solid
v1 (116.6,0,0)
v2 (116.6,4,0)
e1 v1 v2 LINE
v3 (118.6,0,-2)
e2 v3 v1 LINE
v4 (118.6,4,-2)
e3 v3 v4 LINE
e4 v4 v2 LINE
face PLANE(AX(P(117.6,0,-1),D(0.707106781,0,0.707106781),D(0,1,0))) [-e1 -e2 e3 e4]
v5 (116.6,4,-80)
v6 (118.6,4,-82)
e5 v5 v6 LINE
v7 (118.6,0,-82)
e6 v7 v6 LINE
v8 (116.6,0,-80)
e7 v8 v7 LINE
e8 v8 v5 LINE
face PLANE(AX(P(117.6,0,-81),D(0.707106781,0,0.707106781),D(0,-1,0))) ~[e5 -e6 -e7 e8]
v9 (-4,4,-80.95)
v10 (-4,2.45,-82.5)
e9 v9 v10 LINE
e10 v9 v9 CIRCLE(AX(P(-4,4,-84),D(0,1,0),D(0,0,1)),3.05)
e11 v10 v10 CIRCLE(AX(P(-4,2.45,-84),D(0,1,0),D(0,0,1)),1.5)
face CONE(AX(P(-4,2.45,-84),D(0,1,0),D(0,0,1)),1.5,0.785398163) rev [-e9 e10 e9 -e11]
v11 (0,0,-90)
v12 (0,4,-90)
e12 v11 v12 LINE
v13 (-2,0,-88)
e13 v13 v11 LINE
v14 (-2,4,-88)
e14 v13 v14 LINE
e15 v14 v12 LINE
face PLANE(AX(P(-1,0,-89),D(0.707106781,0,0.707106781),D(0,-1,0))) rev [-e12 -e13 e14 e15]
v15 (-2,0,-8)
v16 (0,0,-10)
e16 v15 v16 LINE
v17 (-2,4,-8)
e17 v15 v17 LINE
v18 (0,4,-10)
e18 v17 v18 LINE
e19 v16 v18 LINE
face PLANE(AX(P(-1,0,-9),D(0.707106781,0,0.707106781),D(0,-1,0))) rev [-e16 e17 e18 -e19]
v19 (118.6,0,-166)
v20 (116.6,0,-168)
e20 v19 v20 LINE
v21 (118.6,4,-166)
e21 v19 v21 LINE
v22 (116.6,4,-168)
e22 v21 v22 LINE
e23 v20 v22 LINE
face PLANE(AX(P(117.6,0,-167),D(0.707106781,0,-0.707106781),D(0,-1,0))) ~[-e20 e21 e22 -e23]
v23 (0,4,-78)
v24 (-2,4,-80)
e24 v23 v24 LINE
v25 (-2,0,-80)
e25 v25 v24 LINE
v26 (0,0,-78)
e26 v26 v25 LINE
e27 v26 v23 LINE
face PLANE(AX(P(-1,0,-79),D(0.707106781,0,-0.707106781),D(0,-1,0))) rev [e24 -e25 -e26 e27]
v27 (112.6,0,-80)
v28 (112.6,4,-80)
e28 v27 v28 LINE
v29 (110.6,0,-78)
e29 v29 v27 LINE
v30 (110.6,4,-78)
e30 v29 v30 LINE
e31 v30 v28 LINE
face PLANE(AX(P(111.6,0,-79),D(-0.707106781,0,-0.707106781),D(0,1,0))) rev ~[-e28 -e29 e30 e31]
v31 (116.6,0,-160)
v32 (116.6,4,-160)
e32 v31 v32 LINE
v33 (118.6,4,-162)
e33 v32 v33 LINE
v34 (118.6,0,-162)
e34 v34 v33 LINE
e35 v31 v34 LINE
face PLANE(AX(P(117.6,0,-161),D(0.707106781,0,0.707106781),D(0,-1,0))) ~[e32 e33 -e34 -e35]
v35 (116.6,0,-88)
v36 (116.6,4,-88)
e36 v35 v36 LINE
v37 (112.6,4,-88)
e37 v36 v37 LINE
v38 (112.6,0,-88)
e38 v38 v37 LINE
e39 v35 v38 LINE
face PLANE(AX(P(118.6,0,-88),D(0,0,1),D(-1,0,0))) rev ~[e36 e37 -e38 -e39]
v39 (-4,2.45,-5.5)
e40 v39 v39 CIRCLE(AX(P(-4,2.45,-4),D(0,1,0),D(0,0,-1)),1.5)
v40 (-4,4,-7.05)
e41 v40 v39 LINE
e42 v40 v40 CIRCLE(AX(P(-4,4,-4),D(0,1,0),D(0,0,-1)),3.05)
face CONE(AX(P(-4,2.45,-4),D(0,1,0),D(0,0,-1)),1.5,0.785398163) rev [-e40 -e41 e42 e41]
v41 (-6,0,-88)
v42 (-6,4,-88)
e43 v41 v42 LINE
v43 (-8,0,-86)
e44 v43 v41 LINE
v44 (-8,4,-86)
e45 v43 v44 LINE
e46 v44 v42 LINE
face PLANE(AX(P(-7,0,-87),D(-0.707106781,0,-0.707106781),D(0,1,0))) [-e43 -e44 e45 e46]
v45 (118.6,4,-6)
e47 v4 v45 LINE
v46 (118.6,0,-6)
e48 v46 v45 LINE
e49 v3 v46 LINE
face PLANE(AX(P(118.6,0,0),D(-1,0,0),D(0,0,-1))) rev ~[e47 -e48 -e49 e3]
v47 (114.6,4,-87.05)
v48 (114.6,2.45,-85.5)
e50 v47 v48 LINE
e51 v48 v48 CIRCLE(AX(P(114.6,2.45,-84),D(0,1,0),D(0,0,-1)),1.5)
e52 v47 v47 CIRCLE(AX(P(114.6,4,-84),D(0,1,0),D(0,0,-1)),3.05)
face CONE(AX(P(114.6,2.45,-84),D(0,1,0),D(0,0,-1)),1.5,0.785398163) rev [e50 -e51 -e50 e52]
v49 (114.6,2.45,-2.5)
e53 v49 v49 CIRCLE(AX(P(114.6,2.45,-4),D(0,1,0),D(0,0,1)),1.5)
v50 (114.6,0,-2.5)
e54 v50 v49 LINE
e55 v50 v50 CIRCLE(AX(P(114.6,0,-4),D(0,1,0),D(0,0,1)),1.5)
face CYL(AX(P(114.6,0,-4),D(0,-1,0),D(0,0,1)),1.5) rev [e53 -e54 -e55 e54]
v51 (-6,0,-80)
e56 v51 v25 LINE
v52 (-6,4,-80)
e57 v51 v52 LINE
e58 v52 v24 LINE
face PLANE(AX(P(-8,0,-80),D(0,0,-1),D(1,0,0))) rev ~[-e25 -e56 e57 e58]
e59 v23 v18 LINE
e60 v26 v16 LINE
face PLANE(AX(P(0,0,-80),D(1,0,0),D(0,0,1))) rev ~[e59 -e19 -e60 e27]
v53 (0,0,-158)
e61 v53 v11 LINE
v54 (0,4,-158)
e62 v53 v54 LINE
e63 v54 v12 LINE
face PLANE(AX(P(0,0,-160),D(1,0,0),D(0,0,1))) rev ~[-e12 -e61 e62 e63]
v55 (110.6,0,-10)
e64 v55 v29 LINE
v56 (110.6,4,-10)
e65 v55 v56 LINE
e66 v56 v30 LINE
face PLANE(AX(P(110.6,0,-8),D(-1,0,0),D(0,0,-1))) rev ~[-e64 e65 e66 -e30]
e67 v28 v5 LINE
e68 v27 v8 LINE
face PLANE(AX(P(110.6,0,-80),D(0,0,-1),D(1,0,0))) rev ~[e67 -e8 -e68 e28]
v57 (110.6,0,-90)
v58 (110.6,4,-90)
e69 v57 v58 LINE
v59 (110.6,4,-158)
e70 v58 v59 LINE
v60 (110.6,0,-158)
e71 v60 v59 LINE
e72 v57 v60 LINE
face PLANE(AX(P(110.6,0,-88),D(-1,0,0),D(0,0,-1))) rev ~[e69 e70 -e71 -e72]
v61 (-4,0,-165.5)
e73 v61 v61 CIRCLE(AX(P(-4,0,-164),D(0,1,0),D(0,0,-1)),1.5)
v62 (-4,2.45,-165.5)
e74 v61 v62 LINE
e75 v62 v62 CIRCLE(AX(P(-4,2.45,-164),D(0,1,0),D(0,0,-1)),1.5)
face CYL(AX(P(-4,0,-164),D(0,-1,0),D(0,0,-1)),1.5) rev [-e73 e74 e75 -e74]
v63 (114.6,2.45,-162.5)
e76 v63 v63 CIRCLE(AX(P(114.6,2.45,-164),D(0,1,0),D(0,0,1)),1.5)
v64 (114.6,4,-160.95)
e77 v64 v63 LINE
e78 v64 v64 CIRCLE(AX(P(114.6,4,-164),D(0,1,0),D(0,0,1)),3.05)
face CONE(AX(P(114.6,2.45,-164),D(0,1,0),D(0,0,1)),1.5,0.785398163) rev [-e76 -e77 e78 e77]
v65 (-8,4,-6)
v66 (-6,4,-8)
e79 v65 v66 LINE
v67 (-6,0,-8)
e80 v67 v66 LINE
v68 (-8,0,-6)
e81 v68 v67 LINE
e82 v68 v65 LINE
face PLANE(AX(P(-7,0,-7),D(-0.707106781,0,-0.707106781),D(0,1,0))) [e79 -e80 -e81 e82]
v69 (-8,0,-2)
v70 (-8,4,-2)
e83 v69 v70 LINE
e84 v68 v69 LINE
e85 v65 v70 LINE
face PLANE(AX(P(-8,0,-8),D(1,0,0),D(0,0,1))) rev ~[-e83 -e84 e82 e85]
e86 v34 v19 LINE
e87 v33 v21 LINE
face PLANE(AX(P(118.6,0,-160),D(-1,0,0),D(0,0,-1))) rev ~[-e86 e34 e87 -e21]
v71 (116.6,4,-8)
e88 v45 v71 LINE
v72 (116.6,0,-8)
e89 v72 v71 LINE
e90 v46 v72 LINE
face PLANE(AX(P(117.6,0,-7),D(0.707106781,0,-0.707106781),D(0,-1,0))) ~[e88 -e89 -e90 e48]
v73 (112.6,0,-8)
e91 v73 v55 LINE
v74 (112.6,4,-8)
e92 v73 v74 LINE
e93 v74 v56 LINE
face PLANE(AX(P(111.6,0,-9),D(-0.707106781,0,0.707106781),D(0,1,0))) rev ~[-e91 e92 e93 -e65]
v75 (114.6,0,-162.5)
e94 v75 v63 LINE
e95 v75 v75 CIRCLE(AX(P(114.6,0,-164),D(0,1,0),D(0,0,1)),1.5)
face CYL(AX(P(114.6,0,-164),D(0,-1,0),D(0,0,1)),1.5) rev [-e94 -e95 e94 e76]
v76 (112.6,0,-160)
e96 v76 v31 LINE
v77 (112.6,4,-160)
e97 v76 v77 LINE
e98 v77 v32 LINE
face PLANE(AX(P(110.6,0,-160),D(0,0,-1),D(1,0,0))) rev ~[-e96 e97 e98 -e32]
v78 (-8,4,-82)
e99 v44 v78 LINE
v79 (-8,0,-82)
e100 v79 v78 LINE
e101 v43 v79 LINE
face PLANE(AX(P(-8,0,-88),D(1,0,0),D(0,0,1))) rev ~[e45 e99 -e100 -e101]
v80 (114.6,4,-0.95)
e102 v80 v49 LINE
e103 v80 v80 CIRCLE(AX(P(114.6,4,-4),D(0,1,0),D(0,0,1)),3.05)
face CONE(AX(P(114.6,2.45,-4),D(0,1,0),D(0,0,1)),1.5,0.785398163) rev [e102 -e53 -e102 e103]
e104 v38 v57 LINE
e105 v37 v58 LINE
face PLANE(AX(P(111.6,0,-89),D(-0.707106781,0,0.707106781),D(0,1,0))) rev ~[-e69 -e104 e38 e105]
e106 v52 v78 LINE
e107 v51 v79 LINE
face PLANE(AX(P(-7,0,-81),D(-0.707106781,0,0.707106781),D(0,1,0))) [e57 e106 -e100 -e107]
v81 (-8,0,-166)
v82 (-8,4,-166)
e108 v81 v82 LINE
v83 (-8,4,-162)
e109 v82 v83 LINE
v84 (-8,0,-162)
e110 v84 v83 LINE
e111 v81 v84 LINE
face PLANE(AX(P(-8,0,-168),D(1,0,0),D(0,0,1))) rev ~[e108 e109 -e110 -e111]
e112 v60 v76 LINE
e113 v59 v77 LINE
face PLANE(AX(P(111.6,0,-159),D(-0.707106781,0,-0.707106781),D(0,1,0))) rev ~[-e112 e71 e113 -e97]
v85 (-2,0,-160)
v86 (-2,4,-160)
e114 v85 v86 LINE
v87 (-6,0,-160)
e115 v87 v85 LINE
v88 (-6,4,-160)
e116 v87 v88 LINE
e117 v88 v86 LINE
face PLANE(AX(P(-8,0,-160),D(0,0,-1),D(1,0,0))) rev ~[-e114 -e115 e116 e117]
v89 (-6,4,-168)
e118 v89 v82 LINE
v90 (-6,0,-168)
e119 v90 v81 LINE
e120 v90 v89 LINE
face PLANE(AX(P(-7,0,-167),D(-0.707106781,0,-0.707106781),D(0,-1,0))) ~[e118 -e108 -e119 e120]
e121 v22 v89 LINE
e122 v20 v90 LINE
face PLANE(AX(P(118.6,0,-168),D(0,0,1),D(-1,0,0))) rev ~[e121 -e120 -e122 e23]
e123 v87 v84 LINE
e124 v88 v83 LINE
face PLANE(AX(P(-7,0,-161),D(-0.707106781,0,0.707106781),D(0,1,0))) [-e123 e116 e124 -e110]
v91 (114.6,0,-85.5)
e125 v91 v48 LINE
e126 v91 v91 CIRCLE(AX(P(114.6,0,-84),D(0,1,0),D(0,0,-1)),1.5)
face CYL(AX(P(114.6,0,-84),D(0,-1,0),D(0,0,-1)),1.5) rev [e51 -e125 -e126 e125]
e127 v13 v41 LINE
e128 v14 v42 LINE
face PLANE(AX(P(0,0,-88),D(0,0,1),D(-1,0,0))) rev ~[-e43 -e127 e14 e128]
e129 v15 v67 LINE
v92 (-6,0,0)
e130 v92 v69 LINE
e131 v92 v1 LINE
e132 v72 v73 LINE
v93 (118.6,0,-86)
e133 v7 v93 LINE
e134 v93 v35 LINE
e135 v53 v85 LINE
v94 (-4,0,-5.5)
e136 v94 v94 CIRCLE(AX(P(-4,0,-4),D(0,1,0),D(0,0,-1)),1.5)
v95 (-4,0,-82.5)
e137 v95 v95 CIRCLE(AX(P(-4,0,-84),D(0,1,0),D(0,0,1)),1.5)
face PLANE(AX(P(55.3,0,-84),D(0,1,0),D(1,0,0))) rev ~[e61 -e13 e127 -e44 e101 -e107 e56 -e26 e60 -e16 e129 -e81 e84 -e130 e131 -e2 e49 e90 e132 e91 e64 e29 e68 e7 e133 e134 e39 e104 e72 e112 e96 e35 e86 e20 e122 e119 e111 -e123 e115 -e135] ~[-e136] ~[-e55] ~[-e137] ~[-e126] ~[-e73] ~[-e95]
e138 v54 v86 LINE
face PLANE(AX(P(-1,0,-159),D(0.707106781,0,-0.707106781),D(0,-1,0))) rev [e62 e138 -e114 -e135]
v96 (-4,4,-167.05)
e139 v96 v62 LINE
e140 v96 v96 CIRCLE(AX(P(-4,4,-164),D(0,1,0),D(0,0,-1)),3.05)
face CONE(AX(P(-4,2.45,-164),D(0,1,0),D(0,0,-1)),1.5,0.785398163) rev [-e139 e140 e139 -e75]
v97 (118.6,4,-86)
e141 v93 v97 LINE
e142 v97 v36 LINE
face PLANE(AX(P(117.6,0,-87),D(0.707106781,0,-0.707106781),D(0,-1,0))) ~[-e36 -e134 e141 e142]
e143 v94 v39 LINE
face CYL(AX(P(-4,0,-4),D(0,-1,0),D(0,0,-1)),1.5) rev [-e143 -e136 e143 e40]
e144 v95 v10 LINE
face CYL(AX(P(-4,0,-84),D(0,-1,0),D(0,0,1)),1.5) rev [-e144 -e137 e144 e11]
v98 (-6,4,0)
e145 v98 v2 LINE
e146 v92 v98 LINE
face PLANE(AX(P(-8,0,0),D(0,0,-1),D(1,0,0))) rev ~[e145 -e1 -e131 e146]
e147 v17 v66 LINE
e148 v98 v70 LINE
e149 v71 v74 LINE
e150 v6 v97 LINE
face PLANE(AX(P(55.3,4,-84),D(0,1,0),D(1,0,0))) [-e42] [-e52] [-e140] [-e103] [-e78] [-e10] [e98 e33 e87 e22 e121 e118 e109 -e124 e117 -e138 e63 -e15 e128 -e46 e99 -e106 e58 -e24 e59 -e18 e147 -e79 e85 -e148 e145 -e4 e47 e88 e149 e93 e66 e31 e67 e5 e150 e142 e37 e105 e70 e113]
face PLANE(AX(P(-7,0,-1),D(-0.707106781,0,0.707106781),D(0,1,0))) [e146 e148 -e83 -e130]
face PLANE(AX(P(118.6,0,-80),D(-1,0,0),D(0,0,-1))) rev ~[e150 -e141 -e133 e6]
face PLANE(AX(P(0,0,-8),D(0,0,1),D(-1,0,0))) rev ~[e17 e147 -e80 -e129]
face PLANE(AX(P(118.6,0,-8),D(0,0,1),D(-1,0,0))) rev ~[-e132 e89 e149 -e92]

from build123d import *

# Parameters (mm, degrees)
SKETCH1_R           = 1.5
BOSS_EXTRUDE1_DEPTH = 4
CHAMFER1_SIZE       = 2
CHAMFER2_SIZE       = 1.55


with BuildPart() as part:
    # Sketch1 → Boss-Extrude1 (new body)
    with BuildSketch(Plane(origin=(0, 0, 0), x_dir=(1, 0, 0), z_dir=(0, 1, 0))):
        Polygon((0, 0), (110.6, 0), (118.6, 0), (118.6, 8), (110.6, 8), (110.6, 80), (118.6, 80), (118.6, 88), (110.6, 88), (110.6, 160), (118.6, 160), (118.6, 168), (110.6, 168), (0, 168), (-8, 168), (-8, 160), (0, 160), (0, 88), (-8, 88), (-8, 80), (0, 80), (0, 8), (-8, 8), (-8, 0), align=None)
        with Locations(Location((114.6, 164, 0), (0, 0, 270))):
            Circle(SKETCH1_R, mode=Mode.SUBTRACT)
        with Locations(Location((114.6, 84, 0), (0, 0, 90))):
            Circle(SKETCH1_R, mode=Mode.SUBTRACT)
        with Locations(Location((114.6, 4, 0), (0, 0, 270))):
            Circle(SKETCH1_R, mode=Mode.SUBTRACT)
        with Locations(Location((-4, 4, 0), (0, 0, 90))):
            Circle(SKETCH1_R, mode=Mode.SUBTRACT)
        with Locations(Location((-4, 84, 0), (0, 0, 270))):
            Circle(SKETCH1_R, mode=Mode.SUBTRACT)
        with Locations(Location((-4, 164, 0), (0, 0, 90))):
            Circle(SKETCH1_R, mode=Mode.SUBTRACT)
    extrude(amount=BOSS_EXTRUDE1_DEPTH)

    # Chamfer1
    chamfer1_edges = [part.edges().sort_by_distance(p)[0] for p in [
        (-8, 2, 0),
        (-8, 2, -8),
        (0, 2, -8),
        (0, 2, -80),
        (-8, 2, -80),
        (-8, 2, -88),
        (0, 2, -88),
        (0, 2, -160),
        (-8, 2, -160),
        (-8, 2, -168),
        (118.6, 2, -168),
        (118.6, 2, -160),
        (110.6, 2, -160),
        (110.6, 2, -88),
        (118.6, 2, -88),
        (118.6, 2, -80),
        (110.6, 2, -80),
        (110.6, 2, -8),
        (118.6, 2, -8),
        (118.6, 2, 0),
    ]]
    chamfer(chamfer1_edges, length=CHAMFER1_SIZE)

    # Chamfer2
    chamfer2_edges = [part.edges().sort_by_distance(p)[0] for p in [
        (114.6, 4, -165.5),
        (114.6, 4, -82.5),
        (114.6, 4, -5.5),
        (-4, 4, -2.5),
        (-4, 4, -85.5),
        (-4, 4, -162.5),
    ]]
    chamfer(chamfer2_edges, length=CHAMFER2_SIZE)


solid = part.part
